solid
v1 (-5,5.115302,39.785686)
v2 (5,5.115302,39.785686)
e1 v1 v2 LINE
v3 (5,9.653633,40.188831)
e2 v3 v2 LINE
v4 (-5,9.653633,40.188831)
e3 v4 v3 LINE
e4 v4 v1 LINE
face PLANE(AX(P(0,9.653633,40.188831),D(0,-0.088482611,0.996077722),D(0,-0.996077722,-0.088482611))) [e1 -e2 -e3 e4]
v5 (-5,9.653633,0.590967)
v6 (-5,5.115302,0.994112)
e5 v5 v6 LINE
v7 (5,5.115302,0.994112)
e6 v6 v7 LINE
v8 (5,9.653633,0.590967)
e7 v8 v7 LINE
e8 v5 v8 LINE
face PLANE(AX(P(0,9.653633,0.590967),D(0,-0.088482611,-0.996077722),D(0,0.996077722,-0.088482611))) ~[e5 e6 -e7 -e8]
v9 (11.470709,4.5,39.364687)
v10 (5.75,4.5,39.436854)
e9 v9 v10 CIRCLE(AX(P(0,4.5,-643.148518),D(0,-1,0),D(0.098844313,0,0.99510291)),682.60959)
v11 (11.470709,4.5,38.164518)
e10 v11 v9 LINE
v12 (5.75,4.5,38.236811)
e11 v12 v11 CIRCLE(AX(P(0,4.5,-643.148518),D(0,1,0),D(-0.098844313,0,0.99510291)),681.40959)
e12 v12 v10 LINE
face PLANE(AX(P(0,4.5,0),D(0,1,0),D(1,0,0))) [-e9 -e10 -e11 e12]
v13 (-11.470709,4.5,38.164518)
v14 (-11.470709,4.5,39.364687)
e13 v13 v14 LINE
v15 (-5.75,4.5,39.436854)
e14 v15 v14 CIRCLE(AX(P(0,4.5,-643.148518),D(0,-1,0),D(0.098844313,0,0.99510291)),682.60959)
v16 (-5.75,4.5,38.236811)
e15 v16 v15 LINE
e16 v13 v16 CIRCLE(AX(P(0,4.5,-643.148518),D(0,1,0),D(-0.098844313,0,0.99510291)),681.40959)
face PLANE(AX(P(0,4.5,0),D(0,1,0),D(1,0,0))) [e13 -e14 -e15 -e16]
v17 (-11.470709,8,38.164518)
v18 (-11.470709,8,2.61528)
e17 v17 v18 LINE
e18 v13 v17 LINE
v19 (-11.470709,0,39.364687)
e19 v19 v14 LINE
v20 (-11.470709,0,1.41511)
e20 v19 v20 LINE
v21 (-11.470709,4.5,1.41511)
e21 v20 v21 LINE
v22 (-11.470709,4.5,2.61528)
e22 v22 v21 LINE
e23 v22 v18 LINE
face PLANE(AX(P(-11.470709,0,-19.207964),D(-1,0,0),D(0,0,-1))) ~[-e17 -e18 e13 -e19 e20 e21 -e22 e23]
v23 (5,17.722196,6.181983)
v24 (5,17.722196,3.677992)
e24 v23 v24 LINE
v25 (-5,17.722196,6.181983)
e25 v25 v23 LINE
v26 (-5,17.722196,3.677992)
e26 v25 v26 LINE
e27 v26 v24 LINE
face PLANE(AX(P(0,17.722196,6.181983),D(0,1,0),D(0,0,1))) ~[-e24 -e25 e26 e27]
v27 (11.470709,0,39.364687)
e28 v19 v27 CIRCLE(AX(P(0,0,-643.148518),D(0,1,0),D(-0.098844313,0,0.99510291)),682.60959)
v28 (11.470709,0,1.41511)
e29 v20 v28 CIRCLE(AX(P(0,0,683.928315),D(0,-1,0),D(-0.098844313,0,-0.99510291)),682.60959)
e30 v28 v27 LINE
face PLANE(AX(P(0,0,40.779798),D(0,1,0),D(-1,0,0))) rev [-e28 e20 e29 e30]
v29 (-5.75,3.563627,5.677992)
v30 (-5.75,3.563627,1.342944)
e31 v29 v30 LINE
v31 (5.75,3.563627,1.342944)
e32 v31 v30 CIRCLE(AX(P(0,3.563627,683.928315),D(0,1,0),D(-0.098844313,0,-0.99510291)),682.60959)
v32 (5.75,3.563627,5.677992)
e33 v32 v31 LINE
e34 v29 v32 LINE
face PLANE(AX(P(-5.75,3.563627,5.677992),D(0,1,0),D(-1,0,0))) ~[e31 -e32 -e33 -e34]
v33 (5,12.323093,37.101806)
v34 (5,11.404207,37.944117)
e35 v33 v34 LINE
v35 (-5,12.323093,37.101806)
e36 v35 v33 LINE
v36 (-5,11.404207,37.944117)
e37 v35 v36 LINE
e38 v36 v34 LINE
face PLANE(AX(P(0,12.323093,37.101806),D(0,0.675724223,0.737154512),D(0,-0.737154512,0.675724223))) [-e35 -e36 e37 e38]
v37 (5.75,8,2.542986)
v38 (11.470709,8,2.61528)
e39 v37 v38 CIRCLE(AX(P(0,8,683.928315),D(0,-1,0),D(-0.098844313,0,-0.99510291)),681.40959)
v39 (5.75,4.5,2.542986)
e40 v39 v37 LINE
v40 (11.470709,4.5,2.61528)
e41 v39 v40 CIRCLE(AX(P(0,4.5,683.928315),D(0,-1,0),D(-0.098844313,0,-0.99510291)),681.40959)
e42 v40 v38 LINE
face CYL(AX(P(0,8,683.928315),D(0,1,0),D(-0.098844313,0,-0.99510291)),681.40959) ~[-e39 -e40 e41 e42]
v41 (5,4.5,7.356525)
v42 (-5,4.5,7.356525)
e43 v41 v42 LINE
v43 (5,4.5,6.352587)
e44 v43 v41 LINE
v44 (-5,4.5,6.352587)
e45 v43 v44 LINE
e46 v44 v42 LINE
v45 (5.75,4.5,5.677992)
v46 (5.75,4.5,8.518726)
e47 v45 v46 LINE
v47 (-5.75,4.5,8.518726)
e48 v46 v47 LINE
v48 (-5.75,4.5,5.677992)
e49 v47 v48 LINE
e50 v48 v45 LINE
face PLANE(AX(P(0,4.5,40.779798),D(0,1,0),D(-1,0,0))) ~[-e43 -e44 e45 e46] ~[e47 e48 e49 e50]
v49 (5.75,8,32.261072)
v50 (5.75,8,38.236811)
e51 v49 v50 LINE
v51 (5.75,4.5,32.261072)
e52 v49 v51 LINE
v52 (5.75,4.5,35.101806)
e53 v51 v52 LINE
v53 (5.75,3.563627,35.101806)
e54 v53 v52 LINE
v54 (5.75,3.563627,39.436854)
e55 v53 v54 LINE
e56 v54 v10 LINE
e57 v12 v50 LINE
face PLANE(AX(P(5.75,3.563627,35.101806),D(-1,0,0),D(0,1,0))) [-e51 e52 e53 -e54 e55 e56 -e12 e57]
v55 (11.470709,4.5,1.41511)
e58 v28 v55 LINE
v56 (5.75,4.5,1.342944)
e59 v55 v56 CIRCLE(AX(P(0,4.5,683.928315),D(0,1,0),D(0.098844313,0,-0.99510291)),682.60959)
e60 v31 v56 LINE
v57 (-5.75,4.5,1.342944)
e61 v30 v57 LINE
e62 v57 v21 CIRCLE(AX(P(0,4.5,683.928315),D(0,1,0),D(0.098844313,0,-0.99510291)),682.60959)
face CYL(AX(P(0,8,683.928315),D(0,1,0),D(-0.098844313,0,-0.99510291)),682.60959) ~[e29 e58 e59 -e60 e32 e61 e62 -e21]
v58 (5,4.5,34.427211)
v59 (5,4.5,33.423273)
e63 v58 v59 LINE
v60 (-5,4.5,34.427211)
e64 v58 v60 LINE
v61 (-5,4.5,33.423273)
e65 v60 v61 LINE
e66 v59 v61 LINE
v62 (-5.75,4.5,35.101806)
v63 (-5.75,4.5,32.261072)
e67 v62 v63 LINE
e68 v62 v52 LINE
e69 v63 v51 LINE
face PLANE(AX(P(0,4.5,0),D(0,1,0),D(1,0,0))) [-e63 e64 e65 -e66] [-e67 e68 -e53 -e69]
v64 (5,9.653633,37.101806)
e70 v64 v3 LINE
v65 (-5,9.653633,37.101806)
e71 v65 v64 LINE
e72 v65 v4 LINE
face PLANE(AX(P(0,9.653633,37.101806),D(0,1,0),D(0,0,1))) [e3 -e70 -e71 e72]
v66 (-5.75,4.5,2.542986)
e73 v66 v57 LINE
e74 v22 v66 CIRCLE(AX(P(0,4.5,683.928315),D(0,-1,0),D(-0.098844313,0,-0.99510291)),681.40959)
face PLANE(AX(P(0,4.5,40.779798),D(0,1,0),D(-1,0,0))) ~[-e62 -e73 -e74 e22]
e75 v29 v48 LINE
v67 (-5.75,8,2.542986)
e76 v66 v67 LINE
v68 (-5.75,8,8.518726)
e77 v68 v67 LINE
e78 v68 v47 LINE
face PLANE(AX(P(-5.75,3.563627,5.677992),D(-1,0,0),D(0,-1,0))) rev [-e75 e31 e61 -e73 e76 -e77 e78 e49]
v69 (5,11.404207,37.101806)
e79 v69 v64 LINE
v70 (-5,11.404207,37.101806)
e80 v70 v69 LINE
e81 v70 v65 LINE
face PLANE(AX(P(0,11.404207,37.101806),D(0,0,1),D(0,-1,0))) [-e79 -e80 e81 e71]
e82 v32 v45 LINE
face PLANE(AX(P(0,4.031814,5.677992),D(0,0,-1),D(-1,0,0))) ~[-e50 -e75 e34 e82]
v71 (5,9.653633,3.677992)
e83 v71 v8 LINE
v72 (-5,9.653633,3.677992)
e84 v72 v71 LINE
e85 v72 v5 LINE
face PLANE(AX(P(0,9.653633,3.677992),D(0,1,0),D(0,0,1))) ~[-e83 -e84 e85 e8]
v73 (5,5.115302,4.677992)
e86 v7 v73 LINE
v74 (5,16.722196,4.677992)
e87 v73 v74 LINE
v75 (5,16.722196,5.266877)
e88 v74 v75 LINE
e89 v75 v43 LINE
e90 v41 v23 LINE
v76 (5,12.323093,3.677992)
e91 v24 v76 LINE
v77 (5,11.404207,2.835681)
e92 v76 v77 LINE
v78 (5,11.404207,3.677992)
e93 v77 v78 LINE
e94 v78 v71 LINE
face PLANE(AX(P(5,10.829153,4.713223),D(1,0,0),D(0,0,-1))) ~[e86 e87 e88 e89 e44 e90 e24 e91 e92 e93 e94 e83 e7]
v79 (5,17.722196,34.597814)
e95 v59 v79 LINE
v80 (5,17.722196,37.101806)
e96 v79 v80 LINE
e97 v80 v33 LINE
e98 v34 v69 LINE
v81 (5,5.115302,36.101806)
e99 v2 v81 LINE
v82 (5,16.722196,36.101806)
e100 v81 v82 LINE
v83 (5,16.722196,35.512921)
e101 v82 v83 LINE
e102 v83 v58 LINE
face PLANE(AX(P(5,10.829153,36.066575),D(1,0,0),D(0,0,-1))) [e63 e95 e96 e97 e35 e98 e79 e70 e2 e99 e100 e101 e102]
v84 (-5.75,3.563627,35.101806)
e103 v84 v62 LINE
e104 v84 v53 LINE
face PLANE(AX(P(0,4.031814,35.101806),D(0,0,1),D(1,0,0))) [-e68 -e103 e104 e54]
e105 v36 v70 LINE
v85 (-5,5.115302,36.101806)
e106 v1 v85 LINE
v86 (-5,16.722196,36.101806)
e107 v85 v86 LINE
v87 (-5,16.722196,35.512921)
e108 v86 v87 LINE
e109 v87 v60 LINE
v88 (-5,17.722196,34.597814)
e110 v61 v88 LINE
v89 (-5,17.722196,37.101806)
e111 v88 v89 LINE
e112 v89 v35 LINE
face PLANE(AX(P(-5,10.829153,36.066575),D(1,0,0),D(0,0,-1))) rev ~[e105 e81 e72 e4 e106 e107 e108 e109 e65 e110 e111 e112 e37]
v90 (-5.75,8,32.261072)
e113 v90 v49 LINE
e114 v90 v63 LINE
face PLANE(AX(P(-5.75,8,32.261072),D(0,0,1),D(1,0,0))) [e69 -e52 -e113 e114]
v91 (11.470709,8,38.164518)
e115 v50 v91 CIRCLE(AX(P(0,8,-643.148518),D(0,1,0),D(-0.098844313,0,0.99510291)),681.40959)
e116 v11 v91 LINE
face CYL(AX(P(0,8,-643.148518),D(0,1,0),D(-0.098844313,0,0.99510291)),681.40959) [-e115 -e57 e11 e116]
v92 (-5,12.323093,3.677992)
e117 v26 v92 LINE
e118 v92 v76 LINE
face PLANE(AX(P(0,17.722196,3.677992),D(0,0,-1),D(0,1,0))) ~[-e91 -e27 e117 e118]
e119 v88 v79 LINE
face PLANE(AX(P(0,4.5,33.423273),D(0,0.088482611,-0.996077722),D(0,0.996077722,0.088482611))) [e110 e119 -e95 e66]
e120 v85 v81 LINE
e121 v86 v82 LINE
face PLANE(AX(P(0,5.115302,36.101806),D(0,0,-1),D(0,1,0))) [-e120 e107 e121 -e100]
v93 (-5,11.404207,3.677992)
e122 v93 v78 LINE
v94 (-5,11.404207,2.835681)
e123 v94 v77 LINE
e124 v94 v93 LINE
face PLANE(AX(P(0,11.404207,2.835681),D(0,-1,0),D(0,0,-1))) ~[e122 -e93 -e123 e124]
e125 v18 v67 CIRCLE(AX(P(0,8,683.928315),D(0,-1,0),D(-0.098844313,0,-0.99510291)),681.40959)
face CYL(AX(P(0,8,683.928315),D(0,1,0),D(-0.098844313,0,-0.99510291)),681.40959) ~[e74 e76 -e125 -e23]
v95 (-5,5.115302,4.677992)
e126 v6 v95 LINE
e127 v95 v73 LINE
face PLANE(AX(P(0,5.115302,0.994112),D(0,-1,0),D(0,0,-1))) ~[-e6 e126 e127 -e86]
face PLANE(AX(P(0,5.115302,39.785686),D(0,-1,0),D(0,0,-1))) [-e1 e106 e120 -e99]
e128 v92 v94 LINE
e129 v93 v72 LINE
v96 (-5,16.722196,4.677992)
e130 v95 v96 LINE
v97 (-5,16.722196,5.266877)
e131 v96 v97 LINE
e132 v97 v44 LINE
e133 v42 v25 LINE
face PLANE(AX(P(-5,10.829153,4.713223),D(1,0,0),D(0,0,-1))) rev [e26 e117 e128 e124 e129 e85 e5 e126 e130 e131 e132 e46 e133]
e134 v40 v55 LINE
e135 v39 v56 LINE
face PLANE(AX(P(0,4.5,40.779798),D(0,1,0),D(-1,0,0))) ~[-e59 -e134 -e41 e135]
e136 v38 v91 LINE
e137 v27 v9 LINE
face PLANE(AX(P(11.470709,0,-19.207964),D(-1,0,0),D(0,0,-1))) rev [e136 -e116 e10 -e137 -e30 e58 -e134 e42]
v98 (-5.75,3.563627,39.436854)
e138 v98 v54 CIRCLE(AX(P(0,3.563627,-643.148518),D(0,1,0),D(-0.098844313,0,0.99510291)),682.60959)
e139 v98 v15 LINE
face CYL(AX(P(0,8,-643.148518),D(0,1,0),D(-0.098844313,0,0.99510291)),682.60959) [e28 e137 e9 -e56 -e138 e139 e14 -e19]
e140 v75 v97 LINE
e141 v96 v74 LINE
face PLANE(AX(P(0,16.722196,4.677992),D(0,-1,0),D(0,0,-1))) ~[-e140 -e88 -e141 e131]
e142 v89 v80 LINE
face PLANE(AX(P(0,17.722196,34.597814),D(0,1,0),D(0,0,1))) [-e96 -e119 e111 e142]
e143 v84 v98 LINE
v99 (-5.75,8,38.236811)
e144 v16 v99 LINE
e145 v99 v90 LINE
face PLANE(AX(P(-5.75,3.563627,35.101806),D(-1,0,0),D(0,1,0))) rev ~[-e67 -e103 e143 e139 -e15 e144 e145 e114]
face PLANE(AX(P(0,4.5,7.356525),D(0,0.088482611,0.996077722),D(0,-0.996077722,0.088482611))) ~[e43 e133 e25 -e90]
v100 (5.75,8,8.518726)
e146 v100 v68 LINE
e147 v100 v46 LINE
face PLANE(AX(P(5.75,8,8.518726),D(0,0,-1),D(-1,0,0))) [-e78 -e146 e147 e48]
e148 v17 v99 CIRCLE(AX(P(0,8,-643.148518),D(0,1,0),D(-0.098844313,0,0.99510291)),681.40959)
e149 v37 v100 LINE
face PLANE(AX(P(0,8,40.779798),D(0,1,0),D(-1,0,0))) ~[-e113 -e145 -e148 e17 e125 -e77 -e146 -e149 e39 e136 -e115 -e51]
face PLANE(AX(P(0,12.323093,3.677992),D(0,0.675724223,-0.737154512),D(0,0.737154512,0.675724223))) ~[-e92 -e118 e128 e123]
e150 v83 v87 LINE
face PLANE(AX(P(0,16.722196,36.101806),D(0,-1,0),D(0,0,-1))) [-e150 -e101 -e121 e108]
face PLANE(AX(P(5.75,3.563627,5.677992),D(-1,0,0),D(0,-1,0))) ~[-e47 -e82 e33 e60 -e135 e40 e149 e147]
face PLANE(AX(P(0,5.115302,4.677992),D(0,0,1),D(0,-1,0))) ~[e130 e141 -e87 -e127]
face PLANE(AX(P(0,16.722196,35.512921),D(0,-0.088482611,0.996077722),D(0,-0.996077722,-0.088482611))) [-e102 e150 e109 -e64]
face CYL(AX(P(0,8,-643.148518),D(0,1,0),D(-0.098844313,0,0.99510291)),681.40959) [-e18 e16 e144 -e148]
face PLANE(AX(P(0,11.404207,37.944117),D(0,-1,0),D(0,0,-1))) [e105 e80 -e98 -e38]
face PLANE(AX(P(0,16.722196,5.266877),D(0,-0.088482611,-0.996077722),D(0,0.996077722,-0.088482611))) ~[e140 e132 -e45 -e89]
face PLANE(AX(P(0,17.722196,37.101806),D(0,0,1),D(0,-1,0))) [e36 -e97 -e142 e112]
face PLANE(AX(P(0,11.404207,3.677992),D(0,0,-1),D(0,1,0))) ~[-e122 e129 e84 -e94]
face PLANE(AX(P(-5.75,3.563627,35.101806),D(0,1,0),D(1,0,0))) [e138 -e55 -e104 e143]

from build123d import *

# Parameters (mm, degrees)
SKETCH1_W           = 160
SKETCH1_H           = 80
BOSS_EXTRUDE1_DEPTH = 8
SKETCH2_W           = 160
SKETCH2_H           = 80
CUT_EXTRUDE1_DEPTH  = 90.799777283
CUT_EXTRUDE5_DEPTH  = 3.5
SKETCH6_W           = 10.5
SKETCH6_H           = 11
CUT_EXTRUDE6_DEPTH  = 3.5
BOSS_EXTRUDE2_DEPTH = 5
SKETCH13_W          = 202.95713844
SKETCH13_H          = 134.766583704
SKETCH13_W_2        = 22.9414187
SKETCH13_H_2        = 39.597863293
CUT_EXTRUDE7_DEPTH  = 10
CUT_EXTRUDE8_DEPTH  = 3.5
CUT_EXTRUDE9_START  = -2
SKETCH16_W          = 11.5
SKETCH16_H          = 0.936372799
CUT_EXTRUDE9_DEPTH  = 12


with BuildPart() as part:
    # Sketch1 → Boss-Extrude1 (new body)
    with BuildSketch(Plane(origin=(0, 0, 0), x_dir=(1, 0, 0), z_dir=(0, 1, 0))):
        Rectangle(SKETCH1_W, SKETCH1_H)
    extrude(amount=BOSS_EXTRUDE1_DEPTH)

    # Sketch2 → Cut-Extrude1 (cut, through all)
    with BuildSketch(Plane(origin=(0, 8, 0), x_dir=(1, 0, 0), z_dir=(0, 1, 0))):
        Rectangle(SKETCH2_W, SKETCH2_H)
        with BuildLine():
            ThreePointArc((-73.066951559, -31.066887131), (-71.100040398, -34.512464463), (-67.472075966, -36.118271655))
            ThreePointArc((-67.472075966, -36.118271655), (0, -39.461072151), (67.472075966, -36.118271655))
            ThreePointArc((67.472075966, -36.118271655), (71.100040398, -34.512464463), (73.066951559, -31.066887131))
            ThreePointArc((73.066951559, -31.066887131), (76.2, 0), (73.066951559, 31.066887131))
            ThreePointArc((73.066951559, 31.066887131), (71.100040398, 34.512464463), (67.472075966, 36.118271655))
            ThreePointArc((67.472075966, 36.118271655), (0, 39.461072151), (-67.472075966, 36.118271655))
            ThreePointArc((-67.472075966, 36.118271655), (-71.100040398, 34.512464463), (-73.066951559, 31.066887131))
            ThreePointArc((-73.066951559, 31.066887131), (-76.2, 0), (-73.066951559, -31.066887131))
        make_face(mode=Mode.SUBTRACT)
    extrude(amount=-CUT_EXTRUDE1_DEPTH, mode=Mode.SUBTRACT)

    # Sketch3 → Cut-Extrude5 (cut)
    with BuildSketch(Plane(origin=(0, 8, 0), x_dir=(1, 0, 0), z_dir=(0, 1, 0))):
        with BuildLine():
            ThreePointArc((-67.472075966, -36.118271655), (0, -39.461072151), (67.472075966, -36.118271655))
            ThreePointArc((67.472075966, -36.118271655), (71.100040398, -34.512464463), (73.066951559, -31.066887131))
            ThreePointArc((73.066951559, -31.066887131), (76.2, 0), (73.066951559, 31.066887131))
            ThreePointArc((73.066951559, 31.066887131), (71.100040398, 34.512464463), (67.472075966, 36.118271655))
            ThreePointArc((67.472075966, 36.118271655), (0, 39.461072151), (-67.472075966, 36.118271655))
            ThreePointArc((-67.472075966, 36.118271655), (-71.100040398, 34.512464463), (-73.066951559, 31.066887131))
            ThreePointArc((-73.066951559, 31.066887131), (-76.2, 0), (-73.066951559, -31.066887131))
            ThreePointArc((-73.066951559, -31.066887131), (-71.100040398, -34.512464463), (-67.472075966, -36.118271655))
        make_face()
        with BuildLine():
            ThreePointArc((-71.891114808, -30.827287598), (-70.295876764, -33.621778857), (-67.35346279, -34.924148163))
            ThreePointArc((-67.35346279, -34.924148163), (0, -38.261072151), (67.35346279, -34.924148163))
            ThreePointArc((67.35346279, -34.924148163), (70.295876764, -33.621778857), (71.891114808, -30.827287598))
            ThreePointArc((71.891114808, -30.827287598), (75, 0), (71.891114808, 30.827287598))
            ThreePointArc((71.891114808, 30.827287598), (70.295876764, 33.621778857), (67.35346279, 34.924148163))
            ThreePointArc((67.35346279, 34.924148163), (0, 38.261072151), (-67.35346279, 34.924148163))
            ThreePointArc((-67.35346279, 34.924148163), (-70.295876764, 33.621778857), (-71.891114808, 30.827287598))
            ThreePointArc((-71.891114808, 30.827287598), (-75, 0), (-71.891114808, -30.827287598))
        make_face(mode=Mode.SUBTRACT)
    extrude(amount=-CUT_EXTRUDE5_DEPTH, mode=Mode.SUBTRACT)

    # Sketch6 → Cut-Extrude6 (cut)
    with BuildSketch(Plane(origin=(0, 8, 0), x_dir=(1, 0, 0), z_dir=(0, 1, 0))):
        with Locations((0, -38.261072151)):
            Rectangle(SKETCH6_W, SKETCH6_H)
    extrude(amount=-CUT_EXTRUDE6_DEPTH, mode=Mode.SUBTRACT)

    # Sketch5 → Boss-Extrude2 (add, symmetric)
    with BuildSketch(Plane(origin=(0, 0, 0), x_dir=(0, 0, -1), z_dir=(1, 0, 0))):
        Polygon((-33.423273075, 4.5), (-34.597814339, 17.722195507), (-37.101805657, 17.722195507), (-37.101805657, 12.32309307), (-37.944117027, 11.404206925), (-37.101805657, 11.404206925), (-37.101805657, 9.653632864), (-40.188830506, 9.653632864), (-39.785685871, 5.115301729), (-36.101805657, 5.115301729), (-36.101805657, 8.653632864), (-36.101805657, 16.722195507), (-35.51292103, 16.722195507), (-34.427210798, 4.5), align=None)
    extrude(amount=BOSS_EXTRUDE2_DEPTH, both=True)

    # Sketch13 → Cut-Extrude7 (cut)
    with BuildSketch(Plane(origin=(0, 0, 0), x_dir=(1, 0, 0), z_dir=(0, 1, 0))):
        with Locations((1.229729327, -18.57056388)):
            Rectangle(SKETCH13_W, SKETCH13_H)
        with Locations((0, -40.188830507)):
            Rectangle(SKETCH13_W_2, SKETCH13_H_2, mode=Mode.SUBTRACT)
    extrude(amount=CUT_EXTRUDE7_DEPTH, mode=Mode.SUBTRACT)

    # Mirror2: part across plane


with BuildPart() as part_1:
    add(part.part)
    add(part.part.mirror(Plane(origin=(-11.47070935, 10, 20.38989886), x_dir=(1, 0, 0), z_dir=(0, 0, 1))))

    # Sketch14 → Cut-Extrude8 (cut)
    with BuildSketch(Plane(origin=(0, 8, 0), x_dir=(1, 0, 0), z_dir=(0, 1, 0))):
        Polygon((-5.75, -38.24084723), (-5.75, -32.261072151), (5.75, -32.261072151), (5.75, -38.24084723), (5.25, -38.24084723), (5.25, -32.761072151), (-5.25, -32.761072151), (-5.25, -38.24084723), align=None)
        Polygon((5.75, -2.538950489), (5.75, -8.518725569), (-5.75, -8.518725569), (-5.75, -2.538950489), (-5.25, -2.538950489), (-5.25, -8.018725569), (5.25, -8.018725569), (5.25, -2.538950489), align=None)
    extrude(amount=-CUT_EXTRUDE8_DEPTH, mode=Mode.SUBTRACT)

    # Sketch16 → Cut-Extrude9 (cut)
    with BuildSketch(Plane.XY.offset(37.101805657).offset(CUT_EXTRUDE9_START)):
        with Locations((0, 4.0318136)):
            Rectangle(SKETCH16_W, SKETCH16_H)
    cut_extrude9 = extrude(amount=CUT_EXTRUDE9_DEPTH, mode=Mode.SUBTRACT)

    # Mirror3: Cut-Extrude9 across plane
    add(cut_extrude9.mirror(Plane.XY.offset(20.38989886)), mode=Mode.SUBTRACT)


solid = part_1.part
